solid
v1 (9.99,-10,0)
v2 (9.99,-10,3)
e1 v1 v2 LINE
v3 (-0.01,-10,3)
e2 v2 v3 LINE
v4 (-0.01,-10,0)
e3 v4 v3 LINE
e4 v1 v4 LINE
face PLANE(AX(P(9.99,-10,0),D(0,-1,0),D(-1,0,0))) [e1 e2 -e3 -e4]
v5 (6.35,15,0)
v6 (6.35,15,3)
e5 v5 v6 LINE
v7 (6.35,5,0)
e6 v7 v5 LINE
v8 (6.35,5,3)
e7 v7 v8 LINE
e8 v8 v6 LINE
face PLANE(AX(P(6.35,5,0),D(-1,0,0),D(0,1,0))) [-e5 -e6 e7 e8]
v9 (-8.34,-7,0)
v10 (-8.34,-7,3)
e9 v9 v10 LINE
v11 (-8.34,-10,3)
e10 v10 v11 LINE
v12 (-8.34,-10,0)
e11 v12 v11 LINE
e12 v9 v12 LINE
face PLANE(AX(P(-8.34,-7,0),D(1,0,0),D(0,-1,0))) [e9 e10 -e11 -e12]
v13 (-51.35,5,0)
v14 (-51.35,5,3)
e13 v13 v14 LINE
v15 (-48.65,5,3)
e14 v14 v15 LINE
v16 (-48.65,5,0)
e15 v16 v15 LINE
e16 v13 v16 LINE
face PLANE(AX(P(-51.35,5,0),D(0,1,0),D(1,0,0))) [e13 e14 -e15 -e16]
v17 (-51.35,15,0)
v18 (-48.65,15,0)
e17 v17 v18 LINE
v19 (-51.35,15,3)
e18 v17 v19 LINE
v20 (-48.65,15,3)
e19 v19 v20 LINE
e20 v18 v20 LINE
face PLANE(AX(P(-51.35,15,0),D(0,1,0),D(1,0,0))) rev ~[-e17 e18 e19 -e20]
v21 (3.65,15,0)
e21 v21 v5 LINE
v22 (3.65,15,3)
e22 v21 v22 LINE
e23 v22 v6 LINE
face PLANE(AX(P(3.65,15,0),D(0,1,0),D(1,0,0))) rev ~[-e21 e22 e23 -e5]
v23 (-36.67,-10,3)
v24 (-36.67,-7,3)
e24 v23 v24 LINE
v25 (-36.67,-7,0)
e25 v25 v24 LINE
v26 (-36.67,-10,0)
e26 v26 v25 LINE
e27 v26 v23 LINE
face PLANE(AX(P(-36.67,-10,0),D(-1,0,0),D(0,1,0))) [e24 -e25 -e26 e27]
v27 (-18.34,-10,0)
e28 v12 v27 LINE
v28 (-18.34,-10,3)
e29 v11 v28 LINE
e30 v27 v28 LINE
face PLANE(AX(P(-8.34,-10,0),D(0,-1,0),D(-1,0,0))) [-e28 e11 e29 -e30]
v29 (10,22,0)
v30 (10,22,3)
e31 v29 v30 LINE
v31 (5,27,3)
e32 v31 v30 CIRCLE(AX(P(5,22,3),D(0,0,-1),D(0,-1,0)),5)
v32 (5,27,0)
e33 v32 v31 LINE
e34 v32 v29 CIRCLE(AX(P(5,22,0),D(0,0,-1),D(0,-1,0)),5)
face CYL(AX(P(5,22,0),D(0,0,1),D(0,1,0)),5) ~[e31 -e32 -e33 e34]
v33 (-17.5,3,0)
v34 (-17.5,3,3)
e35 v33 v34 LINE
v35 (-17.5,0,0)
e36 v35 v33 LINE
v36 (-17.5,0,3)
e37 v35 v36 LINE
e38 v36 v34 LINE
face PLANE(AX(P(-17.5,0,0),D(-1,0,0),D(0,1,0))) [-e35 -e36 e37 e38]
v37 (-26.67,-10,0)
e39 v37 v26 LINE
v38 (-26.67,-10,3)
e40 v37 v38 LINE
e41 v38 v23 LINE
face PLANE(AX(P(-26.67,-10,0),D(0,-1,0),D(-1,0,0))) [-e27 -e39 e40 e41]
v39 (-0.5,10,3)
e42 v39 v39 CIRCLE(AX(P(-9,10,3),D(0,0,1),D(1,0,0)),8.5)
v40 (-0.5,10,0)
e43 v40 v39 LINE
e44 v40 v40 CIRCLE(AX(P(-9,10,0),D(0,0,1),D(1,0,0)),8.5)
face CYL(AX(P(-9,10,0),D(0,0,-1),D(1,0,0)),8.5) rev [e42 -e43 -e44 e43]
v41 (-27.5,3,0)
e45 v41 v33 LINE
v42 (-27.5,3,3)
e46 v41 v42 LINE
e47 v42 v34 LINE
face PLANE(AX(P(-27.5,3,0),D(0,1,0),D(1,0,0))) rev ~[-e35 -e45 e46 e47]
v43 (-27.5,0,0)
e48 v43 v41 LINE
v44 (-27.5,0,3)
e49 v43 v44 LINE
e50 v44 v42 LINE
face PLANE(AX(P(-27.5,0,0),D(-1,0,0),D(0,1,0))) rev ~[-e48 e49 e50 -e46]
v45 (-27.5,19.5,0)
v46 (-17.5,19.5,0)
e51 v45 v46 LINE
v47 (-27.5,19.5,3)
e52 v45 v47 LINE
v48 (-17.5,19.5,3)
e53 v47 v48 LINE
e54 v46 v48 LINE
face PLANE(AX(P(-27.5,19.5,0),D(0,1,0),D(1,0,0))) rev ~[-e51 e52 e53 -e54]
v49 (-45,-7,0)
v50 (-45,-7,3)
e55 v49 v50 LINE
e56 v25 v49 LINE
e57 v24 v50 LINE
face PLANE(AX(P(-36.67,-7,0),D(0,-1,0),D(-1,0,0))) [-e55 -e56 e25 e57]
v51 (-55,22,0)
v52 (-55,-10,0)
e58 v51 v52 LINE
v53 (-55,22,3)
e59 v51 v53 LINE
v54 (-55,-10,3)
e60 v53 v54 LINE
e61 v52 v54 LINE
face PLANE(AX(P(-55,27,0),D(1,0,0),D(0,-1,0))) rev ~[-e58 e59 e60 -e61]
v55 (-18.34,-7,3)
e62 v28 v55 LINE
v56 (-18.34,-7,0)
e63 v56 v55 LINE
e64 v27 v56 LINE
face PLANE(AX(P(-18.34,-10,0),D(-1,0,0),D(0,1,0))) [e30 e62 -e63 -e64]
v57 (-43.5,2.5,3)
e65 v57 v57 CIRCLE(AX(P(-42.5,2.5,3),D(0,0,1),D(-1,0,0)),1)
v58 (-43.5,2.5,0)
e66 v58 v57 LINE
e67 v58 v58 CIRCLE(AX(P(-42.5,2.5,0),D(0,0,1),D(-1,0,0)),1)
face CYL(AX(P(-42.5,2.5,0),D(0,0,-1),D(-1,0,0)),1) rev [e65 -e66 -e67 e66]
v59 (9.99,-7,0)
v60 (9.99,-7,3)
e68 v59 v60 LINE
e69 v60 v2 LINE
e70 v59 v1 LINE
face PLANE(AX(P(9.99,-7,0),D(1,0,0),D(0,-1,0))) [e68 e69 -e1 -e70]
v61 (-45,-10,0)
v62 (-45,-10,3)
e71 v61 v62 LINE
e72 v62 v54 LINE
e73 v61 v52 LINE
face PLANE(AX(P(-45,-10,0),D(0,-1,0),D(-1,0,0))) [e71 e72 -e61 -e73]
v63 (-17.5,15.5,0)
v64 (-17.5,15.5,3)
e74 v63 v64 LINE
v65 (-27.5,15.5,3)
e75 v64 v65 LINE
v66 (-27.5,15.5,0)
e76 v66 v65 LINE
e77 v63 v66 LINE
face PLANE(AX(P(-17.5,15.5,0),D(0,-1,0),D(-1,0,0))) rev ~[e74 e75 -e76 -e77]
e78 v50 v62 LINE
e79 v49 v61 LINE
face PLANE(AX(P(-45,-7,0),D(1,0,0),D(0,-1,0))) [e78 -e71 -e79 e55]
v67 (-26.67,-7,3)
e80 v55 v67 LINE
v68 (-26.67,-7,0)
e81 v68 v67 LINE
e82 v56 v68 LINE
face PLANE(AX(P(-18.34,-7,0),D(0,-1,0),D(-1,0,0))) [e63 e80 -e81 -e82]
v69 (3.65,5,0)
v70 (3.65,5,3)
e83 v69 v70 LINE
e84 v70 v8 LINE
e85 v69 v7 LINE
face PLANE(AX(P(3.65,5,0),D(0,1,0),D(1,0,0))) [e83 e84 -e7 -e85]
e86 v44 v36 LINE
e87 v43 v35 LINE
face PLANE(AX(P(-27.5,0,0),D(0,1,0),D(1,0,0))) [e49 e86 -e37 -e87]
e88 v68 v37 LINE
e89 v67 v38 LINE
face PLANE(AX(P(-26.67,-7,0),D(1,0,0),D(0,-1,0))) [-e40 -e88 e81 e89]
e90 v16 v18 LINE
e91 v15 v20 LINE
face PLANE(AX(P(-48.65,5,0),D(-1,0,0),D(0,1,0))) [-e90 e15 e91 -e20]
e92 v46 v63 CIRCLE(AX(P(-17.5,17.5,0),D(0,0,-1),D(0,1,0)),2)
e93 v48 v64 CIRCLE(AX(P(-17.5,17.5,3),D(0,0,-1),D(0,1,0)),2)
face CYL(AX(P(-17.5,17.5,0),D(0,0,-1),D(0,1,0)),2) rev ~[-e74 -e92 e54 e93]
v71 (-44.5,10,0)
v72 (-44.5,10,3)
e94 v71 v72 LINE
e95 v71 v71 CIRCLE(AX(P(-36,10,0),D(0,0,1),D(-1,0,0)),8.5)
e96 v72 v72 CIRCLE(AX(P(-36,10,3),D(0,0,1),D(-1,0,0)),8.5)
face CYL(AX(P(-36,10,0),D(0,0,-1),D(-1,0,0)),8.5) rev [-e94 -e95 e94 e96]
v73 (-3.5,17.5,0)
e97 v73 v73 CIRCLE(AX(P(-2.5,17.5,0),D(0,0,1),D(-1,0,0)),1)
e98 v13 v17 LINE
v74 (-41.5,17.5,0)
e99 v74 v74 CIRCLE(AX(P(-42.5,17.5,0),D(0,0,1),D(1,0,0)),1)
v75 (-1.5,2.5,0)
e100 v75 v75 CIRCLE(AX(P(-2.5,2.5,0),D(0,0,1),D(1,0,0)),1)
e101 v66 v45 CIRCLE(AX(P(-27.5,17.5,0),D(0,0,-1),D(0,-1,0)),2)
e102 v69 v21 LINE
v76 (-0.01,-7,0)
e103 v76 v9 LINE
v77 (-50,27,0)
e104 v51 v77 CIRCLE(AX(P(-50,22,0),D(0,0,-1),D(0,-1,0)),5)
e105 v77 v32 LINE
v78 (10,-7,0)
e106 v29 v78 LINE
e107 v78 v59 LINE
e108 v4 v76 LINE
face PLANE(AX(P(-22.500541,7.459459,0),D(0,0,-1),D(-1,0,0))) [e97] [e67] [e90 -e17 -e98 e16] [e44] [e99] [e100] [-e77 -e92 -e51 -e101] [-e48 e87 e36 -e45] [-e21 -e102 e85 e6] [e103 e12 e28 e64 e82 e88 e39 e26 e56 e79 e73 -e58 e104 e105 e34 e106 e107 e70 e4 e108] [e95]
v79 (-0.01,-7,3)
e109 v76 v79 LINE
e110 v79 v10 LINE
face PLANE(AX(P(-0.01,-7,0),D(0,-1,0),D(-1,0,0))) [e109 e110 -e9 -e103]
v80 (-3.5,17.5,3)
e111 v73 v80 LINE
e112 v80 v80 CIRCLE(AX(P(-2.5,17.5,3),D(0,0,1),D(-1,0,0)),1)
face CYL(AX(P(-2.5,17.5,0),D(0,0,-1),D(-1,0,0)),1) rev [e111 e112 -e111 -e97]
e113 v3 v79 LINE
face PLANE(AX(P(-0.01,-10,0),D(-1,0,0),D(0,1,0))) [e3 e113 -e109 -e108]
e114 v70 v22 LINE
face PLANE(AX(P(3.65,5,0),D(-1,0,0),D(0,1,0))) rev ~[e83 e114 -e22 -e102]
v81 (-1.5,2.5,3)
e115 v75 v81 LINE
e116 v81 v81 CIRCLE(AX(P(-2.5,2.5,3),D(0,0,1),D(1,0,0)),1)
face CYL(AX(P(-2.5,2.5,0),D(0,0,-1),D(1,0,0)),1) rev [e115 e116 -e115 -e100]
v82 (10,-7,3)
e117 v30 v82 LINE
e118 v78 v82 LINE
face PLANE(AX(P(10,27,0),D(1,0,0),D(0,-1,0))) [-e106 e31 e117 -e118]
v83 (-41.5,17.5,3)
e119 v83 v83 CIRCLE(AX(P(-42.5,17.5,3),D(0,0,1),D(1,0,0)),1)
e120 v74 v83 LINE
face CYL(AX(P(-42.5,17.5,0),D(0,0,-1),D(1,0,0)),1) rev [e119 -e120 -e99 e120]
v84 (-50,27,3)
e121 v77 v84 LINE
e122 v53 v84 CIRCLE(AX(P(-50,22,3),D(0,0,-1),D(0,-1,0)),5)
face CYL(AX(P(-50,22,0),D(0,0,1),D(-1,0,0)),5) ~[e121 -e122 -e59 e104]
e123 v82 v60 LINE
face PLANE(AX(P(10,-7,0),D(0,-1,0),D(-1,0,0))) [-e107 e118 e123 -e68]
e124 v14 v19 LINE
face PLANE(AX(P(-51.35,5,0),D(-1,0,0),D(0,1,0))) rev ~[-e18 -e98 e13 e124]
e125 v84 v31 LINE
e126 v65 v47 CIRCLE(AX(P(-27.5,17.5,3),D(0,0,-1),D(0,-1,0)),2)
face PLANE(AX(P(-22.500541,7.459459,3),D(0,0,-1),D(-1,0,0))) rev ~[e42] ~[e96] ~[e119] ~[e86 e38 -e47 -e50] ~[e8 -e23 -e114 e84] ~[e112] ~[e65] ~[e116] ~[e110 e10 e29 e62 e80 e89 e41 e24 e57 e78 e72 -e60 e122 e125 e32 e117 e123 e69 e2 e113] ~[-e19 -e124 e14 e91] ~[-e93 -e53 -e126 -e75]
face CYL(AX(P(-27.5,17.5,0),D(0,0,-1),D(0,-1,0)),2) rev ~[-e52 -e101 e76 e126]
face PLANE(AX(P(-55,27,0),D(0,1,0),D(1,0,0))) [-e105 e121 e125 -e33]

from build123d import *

# Parameters (mm, degrees)
SKETCH1_R           = 1
SKETCH1_R_2         = 8.5
SKETCH1_W           = 10
SKETCH1_H           = 3
SKETCH1_W_2         = 2.7
SKETCH1_H_2         = 10
BOSS_EXTRUDE1_DEPTH = 3
FILLET1_R           = 5


with BuildPart() as part:
    # Sketch1 → Boss-Extrude1 (new body)
    with BuildSketch(Plane.XY):
        Polygon((-18.34, -7), (-26.67, -7), (-26.67, -10), (-36.67, -10), (-36.67, -7), (-45, -7), (-45, -10), (-55, -10), (-55, -7), (-55, 27), (10, 27), (10, -7), (9.99, -7), (9.99, -10), (-0.01, -10), (-0.01, -7), (-8.34, -7), (-8.34, -10), (-18.34, -10), align=None)
        with Locations((-42.5, 17.5)):
            Circle(SKETCH1_R, mode=Mode.SUBTRACT)
        with Locations((-9, 10)):
            Circle(SKETCH1_R_2, mode=Mode.SUBTRACT)
        with Locations(Location((-36, 10, 0), (0, 0, 180))):
            Circle(SKETCH1_R_2, mode=Mode.SUBTRACT)
        with Locations(Location((-2.5, 17.5, 0), (0, 0, 180))):
            Circle(SKETCH1_R, mode=Mode.SUBTRACT)
        with Locations((-2.5, 2.5)):
            Circle(SKETCH1_R, mode=Mode.SUBTRACT)
        with Locations(Location((-42.5, 2.5, 0), (0, 0, 180))):
            Circle(SKETCH1_R, mode=Mode.SUBTRACT)
        with BuildLine():
            Line((-27.5, 19.5), (-17.5, 19.5))
            ThreePointArc((-17.5, 19.5), (-15.5, 17.5), (-17.5, 15.5))
            Line((-17.5, 15.5), (-27.5, 15.5))
            ThreePointArc((-27.5, 15.5), (-29.5, 17.5), (-27.5, 19.5))
        make_face(mode=Mode.SUBTRACT)
        with Locations((-22.5, 1.5)):
            Rectangle(SKETCH1_W, SKETCH1_H, mode=Mode.SUBTRACT)
        with Locations((-50, 10)):
            Rectangle(SKETCH1_W_2, SKETCH1_H_2, mode=Mode.SUBTRACT)
        with Locations((5, 10)):
            Rectangle(SKETCH1_W_2, SKETCH1_H_2, mode=Mode.SUBTRACT)
    extrude(amount=BOSS_EXTRUDE1_DEPTH)

    # Fillet1
    fillet1_edges = [part.edges().sort_by_distance(p)[0] for p in [
        (-55, 27, 1.5),
        (10, 27, 1.5),
    ]]
    fillet(fillet1_edges, radius=FILLET1_R)


solid = part.part
